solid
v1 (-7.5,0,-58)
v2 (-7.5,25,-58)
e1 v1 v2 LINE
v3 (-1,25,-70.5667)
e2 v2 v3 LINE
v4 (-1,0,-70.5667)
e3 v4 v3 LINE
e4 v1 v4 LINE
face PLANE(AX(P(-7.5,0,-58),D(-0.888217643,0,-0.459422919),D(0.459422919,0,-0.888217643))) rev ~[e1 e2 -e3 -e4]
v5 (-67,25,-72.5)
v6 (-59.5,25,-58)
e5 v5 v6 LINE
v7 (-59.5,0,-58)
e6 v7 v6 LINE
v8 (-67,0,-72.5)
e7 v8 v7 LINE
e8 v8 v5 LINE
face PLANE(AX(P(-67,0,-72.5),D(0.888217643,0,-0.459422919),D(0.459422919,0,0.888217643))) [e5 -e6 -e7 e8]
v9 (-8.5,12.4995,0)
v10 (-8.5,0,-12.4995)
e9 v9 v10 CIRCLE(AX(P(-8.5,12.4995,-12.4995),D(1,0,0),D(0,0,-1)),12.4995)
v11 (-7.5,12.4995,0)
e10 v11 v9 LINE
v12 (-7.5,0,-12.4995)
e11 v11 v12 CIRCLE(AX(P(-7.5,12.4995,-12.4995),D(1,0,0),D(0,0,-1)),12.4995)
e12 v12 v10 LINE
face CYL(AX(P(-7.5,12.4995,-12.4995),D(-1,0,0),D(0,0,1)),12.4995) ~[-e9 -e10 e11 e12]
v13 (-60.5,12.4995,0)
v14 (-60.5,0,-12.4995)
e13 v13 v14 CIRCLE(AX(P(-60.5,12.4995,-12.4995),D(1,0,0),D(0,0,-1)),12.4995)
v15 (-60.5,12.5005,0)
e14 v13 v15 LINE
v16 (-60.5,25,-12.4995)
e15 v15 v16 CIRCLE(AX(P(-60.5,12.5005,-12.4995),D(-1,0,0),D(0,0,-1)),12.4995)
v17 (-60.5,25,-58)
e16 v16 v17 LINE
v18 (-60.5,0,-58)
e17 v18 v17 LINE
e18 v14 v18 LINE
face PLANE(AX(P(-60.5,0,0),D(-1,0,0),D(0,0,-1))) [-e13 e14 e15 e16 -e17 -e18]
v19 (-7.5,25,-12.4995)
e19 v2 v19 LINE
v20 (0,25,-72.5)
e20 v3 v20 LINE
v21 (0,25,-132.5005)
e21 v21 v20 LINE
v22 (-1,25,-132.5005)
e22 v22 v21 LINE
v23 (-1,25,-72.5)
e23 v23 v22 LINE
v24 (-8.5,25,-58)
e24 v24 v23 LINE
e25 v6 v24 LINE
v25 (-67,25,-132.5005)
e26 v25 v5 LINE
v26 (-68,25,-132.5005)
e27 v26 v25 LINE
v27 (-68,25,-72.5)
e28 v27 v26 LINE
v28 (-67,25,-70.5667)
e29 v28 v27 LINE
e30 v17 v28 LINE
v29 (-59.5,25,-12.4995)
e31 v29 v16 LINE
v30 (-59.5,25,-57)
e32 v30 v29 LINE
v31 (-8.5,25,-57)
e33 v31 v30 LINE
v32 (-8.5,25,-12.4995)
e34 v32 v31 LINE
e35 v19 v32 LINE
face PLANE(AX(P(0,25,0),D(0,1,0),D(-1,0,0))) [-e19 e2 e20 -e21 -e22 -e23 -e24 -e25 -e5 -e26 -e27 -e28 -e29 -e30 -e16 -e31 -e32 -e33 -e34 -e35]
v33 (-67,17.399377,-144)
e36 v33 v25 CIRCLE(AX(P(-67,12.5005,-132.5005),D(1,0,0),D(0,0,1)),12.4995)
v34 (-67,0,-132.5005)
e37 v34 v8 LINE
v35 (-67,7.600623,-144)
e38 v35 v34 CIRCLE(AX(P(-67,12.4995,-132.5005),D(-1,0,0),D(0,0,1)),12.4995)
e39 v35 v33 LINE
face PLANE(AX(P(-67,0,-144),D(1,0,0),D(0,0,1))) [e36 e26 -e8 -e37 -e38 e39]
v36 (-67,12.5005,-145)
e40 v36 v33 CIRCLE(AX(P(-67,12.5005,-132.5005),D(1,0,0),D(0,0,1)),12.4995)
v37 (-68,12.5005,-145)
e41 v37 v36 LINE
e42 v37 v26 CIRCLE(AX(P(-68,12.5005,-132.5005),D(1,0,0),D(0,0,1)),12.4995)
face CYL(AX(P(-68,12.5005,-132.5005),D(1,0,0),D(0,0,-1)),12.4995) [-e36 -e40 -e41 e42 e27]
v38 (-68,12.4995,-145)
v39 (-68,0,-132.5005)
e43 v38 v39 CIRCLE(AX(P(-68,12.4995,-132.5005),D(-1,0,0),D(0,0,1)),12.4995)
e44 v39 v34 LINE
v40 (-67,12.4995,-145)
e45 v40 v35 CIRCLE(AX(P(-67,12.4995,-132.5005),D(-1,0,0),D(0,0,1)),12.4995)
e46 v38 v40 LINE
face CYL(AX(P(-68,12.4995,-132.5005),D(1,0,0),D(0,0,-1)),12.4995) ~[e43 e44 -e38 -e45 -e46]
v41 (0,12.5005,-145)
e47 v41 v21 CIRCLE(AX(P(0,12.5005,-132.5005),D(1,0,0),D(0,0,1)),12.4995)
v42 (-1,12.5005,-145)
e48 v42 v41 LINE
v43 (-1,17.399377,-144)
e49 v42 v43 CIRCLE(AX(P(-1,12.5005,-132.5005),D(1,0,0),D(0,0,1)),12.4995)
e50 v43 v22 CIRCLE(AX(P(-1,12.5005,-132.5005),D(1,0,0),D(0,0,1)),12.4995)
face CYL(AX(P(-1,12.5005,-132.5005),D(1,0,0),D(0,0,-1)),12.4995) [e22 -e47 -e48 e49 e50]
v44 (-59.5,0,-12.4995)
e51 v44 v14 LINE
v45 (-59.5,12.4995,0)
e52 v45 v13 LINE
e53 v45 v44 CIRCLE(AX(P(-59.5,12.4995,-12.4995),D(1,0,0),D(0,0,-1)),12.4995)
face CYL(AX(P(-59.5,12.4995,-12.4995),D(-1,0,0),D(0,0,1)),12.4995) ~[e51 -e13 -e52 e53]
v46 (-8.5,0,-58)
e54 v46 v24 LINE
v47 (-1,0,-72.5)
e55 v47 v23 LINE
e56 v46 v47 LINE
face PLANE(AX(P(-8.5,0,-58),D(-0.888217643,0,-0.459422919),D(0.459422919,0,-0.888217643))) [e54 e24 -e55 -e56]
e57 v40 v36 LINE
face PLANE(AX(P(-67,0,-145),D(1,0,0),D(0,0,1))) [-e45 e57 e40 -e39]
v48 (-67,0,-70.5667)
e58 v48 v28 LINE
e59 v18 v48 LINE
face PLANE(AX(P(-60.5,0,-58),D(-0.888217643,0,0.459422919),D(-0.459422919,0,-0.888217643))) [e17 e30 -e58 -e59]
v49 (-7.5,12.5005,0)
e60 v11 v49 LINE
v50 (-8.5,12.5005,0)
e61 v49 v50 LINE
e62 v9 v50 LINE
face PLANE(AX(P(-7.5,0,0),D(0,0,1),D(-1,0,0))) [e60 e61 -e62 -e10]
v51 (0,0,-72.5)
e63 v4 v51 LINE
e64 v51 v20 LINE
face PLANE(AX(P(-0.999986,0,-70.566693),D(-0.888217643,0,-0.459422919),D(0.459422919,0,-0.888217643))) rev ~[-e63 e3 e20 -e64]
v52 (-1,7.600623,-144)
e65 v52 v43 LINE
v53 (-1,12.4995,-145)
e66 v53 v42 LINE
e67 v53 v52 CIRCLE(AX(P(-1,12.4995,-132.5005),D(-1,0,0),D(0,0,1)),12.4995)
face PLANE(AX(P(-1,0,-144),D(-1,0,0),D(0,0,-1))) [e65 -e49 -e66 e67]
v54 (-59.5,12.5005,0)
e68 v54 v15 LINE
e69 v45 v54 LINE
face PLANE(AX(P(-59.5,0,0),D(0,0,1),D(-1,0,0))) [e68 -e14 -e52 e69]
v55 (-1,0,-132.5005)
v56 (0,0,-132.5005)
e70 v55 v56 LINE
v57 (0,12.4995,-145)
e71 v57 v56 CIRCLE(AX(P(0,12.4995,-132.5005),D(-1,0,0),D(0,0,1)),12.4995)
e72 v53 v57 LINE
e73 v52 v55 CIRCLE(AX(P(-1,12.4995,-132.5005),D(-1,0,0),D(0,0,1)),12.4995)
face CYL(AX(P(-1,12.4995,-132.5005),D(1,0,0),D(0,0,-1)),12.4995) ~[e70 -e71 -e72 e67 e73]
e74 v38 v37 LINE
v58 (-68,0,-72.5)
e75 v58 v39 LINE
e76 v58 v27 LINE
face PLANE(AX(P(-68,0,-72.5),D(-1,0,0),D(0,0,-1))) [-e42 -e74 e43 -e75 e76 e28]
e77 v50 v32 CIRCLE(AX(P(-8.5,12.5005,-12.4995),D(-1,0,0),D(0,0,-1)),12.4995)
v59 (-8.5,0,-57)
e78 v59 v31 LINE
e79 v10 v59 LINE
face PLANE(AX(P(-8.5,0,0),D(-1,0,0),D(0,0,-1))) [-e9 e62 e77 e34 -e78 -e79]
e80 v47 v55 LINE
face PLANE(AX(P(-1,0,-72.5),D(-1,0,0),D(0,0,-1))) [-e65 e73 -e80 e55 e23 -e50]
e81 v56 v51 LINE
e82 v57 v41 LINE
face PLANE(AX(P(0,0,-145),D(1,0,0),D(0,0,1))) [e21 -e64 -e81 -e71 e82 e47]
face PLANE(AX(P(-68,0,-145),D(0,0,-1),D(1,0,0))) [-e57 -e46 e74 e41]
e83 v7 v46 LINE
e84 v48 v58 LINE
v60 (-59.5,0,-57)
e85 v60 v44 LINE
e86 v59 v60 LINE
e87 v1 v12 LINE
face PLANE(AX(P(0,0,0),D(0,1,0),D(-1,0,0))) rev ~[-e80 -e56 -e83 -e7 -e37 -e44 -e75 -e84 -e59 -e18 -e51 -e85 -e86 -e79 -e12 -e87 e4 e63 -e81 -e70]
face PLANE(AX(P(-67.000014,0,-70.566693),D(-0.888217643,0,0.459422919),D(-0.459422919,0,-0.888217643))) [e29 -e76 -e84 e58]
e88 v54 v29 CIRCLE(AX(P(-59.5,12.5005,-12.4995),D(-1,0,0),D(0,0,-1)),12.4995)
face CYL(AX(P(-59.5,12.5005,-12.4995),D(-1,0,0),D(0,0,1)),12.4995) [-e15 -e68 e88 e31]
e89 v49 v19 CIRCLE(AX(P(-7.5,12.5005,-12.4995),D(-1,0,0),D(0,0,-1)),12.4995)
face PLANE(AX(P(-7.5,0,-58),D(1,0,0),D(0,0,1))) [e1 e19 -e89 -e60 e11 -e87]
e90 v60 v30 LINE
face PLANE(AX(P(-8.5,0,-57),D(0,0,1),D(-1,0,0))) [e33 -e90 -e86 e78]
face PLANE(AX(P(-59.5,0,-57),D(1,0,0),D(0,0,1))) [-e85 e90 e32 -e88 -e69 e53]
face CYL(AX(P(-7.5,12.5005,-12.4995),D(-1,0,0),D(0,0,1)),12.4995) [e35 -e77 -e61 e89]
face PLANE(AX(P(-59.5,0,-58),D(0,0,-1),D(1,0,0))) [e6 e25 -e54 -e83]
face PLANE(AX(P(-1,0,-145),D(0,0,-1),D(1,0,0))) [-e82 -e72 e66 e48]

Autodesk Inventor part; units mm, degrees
ref_plane "YZ Plane" through (0, 0, 0) normal (1, 0, 0) x (0, 1, 0)
ref_plane "XZ Plane" through (0, 0, 0) normal (0, 1, 0) x (-1, 0, 0)
ref_plane "XY Plane" through (0, 0, 0) normal (0, 0, 1) x (1, 0, 0)
sketch "Sketch1" plane through (0, 0, 0) normal (0, 1, 0) x (-1, 0, 0)
  line L0 (68, 0) -> (68, -145)
  line L1 (68, -145) -> (0, -145)
  line L2 (0, -145) -> (0, 0)
  line L3 (1, -144) -> (67, -144)
  line L4 (60.5, 0) -> (60.5, -58)
  line L5 (59.5, -58) -> (8.5, -58)
  line L6 (7.5, -58) -> (7.5, 0)
  line L7 (8.5, 0) -> (8.5, -57)
  line L8 (8.5, -57) -> (59.5, -57)
  line L9 (59.5, -57) -> (59.5, 0)
  line L10 (7.5, 0) -> (8.5, 0)
  line L11 (59.5, 0) -> (60.5, 0)
  line L12 (7.5, -58) -> (0, -72.5)
  line L13 (8.5, -58) -> (1, -72.5)
  line L14 (60.5, -58) -> (68, -72.5)
  line L15 (67, -72.5) -> (59.5, -58)
  line L16 (67, -145) -> (67, -72.5)
  line L17 (67, -70.5667) -> (67, -1)
  line L18 (1, -1) -> (1, -70.5667)
  line L19 (1, -72.5) -> (1, -145)
  dimension "d0" = 68
  dimension "d1" = 145
  dimension "d4" = 58
  dimension "d5" = 53
  dimension "d6" = 1
extrude "Extrusion1" add sketch "Sketch1" along normal blind 25 contours L0 L1 L16 L15 L5 L13 L19 L2 L12 L6 L10 L7 L8 L9 L11 L4 L14
fillet "Fillet1" radius 12.5 8 edges at (-8, 25, 0) (-8, 0, 0) (-60, 0, 0) (-60, 25, 0) (-0.5, 25, -145) (-67.5, 25, -145) (-67.5, 0, -145) (-0.5, 0, -145)
properties part number "Upper Arm"
